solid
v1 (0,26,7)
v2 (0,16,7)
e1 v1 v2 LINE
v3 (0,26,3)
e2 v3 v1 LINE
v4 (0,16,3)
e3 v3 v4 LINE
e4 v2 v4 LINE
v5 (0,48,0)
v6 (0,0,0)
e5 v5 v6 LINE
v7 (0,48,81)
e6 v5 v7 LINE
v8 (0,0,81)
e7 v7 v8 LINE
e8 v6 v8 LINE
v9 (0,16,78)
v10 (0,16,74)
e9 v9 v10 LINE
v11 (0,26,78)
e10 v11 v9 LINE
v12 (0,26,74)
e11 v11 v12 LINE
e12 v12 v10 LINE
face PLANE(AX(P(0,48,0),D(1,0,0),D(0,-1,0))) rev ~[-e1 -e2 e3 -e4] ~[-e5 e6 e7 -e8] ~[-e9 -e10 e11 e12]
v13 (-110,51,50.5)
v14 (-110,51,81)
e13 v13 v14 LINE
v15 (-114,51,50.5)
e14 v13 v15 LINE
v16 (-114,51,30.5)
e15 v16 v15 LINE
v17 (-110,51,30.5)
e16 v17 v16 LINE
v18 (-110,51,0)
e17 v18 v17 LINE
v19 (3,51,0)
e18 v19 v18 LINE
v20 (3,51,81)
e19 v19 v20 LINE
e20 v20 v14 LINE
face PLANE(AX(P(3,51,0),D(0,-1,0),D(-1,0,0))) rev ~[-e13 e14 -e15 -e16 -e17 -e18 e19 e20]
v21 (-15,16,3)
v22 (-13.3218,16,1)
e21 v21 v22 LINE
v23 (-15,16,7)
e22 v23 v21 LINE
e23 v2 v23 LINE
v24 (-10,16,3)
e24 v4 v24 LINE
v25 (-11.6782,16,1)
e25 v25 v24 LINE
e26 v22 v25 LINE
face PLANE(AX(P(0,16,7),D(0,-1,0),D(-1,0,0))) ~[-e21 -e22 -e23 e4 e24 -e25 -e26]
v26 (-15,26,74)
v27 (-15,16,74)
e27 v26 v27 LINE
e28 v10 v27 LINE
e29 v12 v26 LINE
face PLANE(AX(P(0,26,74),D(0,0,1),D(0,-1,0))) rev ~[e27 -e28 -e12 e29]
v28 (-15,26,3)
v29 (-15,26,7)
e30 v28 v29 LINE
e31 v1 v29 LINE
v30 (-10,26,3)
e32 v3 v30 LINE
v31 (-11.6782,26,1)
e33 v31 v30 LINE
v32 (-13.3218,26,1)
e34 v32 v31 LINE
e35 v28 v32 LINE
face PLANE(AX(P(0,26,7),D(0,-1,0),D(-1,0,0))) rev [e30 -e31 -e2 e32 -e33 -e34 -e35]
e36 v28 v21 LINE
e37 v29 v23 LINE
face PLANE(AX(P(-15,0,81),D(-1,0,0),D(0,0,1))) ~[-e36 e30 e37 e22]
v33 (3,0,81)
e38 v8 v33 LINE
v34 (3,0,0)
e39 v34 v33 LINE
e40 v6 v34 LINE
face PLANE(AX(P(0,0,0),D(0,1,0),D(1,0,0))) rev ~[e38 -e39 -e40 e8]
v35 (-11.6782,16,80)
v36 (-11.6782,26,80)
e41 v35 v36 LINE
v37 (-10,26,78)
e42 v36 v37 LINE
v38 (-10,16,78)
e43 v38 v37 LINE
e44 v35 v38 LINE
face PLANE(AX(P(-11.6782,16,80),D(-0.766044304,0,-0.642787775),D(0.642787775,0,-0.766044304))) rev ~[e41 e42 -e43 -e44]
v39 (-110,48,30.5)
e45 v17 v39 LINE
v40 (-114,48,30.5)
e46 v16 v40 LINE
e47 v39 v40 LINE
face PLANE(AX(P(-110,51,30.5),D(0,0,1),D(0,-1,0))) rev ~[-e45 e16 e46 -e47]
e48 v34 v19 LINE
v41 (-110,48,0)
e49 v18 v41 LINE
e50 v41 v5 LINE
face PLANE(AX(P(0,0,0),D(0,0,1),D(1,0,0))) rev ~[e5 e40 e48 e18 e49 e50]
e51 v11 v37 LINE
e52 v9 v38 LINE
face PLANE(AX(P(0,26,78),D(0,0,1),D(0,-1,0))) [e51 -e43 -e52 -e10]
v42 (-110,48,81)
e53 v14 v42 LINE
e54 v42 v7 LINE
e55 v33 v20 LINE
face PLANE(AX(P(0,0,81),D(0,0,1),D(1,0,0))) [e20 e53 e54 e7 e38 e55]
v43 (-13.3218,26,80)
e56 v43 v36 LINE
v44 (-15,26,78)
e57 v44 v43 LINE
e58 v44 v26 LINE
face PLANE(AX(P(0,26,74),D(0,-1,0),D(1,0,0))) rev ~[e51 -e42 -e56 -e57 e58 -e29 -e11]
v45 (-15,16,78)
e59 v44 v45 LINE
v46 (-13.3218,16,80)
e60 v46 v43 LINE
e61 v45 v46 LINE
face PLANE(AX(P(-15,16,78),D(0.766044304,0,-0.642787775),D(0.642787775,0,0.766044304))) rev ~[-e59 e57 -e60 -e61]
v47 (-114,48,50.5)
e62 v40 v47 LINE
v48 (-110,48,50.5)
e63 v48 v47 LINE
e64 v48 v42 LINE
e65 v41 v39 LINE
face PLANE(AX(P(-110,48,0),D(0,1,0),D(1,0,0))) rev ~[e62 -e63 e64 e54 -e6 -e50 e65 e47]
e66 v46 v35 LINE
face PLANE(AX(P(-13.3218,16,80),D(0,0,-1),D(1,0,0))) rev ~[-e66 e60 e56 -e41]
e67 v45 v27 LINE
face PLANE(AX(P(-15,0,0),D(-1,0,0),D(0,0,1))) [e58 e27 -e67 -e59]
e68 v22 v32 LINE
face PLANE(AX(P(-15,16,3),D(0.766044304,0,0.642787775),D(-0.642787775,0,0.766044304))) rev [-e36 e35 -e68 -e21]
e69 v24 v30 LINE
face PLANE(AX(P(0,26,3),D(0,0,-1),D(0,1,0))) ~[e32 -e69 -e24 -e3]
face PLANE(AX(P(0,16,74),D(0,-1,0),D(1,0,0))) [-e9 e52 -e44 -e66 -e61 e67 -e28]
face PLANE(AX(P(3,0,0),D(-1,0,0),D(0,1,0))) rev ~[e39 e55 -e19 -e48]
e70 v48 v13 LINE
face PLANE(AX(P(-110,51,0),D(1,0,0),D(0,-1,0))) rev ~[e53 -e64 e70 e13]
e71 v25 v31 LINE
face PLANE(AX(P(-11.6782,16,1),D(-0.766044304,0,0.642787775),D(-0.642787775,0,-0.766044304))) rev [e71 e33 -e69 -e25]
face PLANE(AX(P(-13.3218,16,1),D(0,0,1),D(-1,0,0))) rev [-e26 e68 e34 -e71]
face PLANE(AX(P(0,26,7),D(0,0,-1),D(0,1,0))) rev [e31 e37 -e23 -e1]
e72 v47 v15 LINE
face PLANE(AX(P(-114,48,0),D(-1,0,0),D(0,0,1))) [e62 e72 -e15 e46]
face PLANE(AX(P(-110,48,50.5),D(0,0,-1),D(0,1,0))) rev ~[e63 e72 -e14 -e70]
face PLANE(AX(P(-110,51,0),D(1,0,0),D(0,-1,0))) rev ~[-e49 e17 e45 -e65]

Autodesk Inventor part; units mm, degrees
ref_plane "YZ Plane" through (0, 0, 0) normal (1, 0, 0) x (0, 1, 0)
ref_plane "XZ Plane" through (0, 0, 0) normal (0, 1, 0) x (-1, 0, 0)
sketch "Sketch5" plane through (0, 0, 0) normal (0, 0, 1) x (1, 0, 0)
  line L0 (0, 0) -> (3, 0)
  line L1 (3, 0) -> (3, 51)
  line L2 (3, 51) -> (-110, 51)
  line L3 (-110, 51) -> (-110, 48)
  line L4 (-110, 48) -> (0, 48)
  line L5 (0, 48) -> (0, 0)
  dimension "d32" = 3
  dimension "d33" = 3
  dimension "d34" = 110
  dimension "d35" = 51
extrude "Extrusion4" add sketch "Sketch5" along normal blind 81
sketch "Sketch6" plane through (-110, 48, 0) normal (-1, 0, 0) x (0, 0, 1)
  line L0 (0, 0) -> (81, 0) projected
  line L1 (0, 3) -> (81, 3) projected
  line L2 (30.5, 0) -> (50.5, 0)
  line L3 (50.5, 0) -> (50.5, 3)
  line L4 (50.5, 3) -> (30.5, 3)
  line L5 (30.5, 3) -> (30.5, 0)
  point P0 (0, -48)
  point P1 (30.5, 3)
  dimension "d38" = 20
  dimension "d39" = 30.5
extrude "Extrusion5" add sketch "Sketch6" along normal blind 4
sketch "Sketch11" plane through (0, 0, 0) normal (-1, 0, 0) x (0, 0, 1)
  line L0 (81, 0) -> (81, 51) projected
  line L1 (78, 26) -> (74, 26)
  line L2 (74, 26) -> (74, 16)
  line L3 (74, 16) -> (77, 16)
  line L4 (0, 0) -> (81, 0) projected
  line L5 (78, 26) -> (78, 16)
  line L6 (81, 48) -> (81, 0) projected
  line L7 (78, 16) -> (77, 16)
  point P0 (81, 26)
  point P1 (81, 16)
  dimension "d82" = 4
  dimension "d83" = 10
  dimension "d84" = 16
  dimension "d85" = 74
extrude "Extrusion6" add sketch "Sketch11" along normal blind 15
ref_plane "Work Plane3" through (0, 0, 40.5) normal (0, 0, 1) x (1, 0, 0)
mirror "Mirror4" about plane through (0, 0, 40.5) normal (0, 0, 1) of "Extrusion6"
sketch "Sketch15" plane through (0, 16, 74) normal (0, -1, 0) x (1, 0, 0)
  line L0 (0, 4) -> (-15, 4) projected
  line L1 (-15, 4) -> (-13.3218, 6)
  line L2 (-13.3218, 6) -> (-11.6782, 6)
  line L3 (-11.6782, 6) -> (-10, 4)
  line L4 (-15, 0) -> (-15, 4) projected
  line L5 (-15, 4) -> (-10, 4)
  line L6 (0, -74) -> (0, 7) projected
  dimension "d86" = 10
  dimension "d87" = 50
  dimension "d88" = 50
  dimension "d89" = 2
extrude "Extrusion10" add sketch "Sketch15" against normal up to surface (10 mm away)
mirror "Mirror8" about plane through (0, 0, 40.5) normal (0, 0, 1) of "Extrusion10"
properties part number "top"
